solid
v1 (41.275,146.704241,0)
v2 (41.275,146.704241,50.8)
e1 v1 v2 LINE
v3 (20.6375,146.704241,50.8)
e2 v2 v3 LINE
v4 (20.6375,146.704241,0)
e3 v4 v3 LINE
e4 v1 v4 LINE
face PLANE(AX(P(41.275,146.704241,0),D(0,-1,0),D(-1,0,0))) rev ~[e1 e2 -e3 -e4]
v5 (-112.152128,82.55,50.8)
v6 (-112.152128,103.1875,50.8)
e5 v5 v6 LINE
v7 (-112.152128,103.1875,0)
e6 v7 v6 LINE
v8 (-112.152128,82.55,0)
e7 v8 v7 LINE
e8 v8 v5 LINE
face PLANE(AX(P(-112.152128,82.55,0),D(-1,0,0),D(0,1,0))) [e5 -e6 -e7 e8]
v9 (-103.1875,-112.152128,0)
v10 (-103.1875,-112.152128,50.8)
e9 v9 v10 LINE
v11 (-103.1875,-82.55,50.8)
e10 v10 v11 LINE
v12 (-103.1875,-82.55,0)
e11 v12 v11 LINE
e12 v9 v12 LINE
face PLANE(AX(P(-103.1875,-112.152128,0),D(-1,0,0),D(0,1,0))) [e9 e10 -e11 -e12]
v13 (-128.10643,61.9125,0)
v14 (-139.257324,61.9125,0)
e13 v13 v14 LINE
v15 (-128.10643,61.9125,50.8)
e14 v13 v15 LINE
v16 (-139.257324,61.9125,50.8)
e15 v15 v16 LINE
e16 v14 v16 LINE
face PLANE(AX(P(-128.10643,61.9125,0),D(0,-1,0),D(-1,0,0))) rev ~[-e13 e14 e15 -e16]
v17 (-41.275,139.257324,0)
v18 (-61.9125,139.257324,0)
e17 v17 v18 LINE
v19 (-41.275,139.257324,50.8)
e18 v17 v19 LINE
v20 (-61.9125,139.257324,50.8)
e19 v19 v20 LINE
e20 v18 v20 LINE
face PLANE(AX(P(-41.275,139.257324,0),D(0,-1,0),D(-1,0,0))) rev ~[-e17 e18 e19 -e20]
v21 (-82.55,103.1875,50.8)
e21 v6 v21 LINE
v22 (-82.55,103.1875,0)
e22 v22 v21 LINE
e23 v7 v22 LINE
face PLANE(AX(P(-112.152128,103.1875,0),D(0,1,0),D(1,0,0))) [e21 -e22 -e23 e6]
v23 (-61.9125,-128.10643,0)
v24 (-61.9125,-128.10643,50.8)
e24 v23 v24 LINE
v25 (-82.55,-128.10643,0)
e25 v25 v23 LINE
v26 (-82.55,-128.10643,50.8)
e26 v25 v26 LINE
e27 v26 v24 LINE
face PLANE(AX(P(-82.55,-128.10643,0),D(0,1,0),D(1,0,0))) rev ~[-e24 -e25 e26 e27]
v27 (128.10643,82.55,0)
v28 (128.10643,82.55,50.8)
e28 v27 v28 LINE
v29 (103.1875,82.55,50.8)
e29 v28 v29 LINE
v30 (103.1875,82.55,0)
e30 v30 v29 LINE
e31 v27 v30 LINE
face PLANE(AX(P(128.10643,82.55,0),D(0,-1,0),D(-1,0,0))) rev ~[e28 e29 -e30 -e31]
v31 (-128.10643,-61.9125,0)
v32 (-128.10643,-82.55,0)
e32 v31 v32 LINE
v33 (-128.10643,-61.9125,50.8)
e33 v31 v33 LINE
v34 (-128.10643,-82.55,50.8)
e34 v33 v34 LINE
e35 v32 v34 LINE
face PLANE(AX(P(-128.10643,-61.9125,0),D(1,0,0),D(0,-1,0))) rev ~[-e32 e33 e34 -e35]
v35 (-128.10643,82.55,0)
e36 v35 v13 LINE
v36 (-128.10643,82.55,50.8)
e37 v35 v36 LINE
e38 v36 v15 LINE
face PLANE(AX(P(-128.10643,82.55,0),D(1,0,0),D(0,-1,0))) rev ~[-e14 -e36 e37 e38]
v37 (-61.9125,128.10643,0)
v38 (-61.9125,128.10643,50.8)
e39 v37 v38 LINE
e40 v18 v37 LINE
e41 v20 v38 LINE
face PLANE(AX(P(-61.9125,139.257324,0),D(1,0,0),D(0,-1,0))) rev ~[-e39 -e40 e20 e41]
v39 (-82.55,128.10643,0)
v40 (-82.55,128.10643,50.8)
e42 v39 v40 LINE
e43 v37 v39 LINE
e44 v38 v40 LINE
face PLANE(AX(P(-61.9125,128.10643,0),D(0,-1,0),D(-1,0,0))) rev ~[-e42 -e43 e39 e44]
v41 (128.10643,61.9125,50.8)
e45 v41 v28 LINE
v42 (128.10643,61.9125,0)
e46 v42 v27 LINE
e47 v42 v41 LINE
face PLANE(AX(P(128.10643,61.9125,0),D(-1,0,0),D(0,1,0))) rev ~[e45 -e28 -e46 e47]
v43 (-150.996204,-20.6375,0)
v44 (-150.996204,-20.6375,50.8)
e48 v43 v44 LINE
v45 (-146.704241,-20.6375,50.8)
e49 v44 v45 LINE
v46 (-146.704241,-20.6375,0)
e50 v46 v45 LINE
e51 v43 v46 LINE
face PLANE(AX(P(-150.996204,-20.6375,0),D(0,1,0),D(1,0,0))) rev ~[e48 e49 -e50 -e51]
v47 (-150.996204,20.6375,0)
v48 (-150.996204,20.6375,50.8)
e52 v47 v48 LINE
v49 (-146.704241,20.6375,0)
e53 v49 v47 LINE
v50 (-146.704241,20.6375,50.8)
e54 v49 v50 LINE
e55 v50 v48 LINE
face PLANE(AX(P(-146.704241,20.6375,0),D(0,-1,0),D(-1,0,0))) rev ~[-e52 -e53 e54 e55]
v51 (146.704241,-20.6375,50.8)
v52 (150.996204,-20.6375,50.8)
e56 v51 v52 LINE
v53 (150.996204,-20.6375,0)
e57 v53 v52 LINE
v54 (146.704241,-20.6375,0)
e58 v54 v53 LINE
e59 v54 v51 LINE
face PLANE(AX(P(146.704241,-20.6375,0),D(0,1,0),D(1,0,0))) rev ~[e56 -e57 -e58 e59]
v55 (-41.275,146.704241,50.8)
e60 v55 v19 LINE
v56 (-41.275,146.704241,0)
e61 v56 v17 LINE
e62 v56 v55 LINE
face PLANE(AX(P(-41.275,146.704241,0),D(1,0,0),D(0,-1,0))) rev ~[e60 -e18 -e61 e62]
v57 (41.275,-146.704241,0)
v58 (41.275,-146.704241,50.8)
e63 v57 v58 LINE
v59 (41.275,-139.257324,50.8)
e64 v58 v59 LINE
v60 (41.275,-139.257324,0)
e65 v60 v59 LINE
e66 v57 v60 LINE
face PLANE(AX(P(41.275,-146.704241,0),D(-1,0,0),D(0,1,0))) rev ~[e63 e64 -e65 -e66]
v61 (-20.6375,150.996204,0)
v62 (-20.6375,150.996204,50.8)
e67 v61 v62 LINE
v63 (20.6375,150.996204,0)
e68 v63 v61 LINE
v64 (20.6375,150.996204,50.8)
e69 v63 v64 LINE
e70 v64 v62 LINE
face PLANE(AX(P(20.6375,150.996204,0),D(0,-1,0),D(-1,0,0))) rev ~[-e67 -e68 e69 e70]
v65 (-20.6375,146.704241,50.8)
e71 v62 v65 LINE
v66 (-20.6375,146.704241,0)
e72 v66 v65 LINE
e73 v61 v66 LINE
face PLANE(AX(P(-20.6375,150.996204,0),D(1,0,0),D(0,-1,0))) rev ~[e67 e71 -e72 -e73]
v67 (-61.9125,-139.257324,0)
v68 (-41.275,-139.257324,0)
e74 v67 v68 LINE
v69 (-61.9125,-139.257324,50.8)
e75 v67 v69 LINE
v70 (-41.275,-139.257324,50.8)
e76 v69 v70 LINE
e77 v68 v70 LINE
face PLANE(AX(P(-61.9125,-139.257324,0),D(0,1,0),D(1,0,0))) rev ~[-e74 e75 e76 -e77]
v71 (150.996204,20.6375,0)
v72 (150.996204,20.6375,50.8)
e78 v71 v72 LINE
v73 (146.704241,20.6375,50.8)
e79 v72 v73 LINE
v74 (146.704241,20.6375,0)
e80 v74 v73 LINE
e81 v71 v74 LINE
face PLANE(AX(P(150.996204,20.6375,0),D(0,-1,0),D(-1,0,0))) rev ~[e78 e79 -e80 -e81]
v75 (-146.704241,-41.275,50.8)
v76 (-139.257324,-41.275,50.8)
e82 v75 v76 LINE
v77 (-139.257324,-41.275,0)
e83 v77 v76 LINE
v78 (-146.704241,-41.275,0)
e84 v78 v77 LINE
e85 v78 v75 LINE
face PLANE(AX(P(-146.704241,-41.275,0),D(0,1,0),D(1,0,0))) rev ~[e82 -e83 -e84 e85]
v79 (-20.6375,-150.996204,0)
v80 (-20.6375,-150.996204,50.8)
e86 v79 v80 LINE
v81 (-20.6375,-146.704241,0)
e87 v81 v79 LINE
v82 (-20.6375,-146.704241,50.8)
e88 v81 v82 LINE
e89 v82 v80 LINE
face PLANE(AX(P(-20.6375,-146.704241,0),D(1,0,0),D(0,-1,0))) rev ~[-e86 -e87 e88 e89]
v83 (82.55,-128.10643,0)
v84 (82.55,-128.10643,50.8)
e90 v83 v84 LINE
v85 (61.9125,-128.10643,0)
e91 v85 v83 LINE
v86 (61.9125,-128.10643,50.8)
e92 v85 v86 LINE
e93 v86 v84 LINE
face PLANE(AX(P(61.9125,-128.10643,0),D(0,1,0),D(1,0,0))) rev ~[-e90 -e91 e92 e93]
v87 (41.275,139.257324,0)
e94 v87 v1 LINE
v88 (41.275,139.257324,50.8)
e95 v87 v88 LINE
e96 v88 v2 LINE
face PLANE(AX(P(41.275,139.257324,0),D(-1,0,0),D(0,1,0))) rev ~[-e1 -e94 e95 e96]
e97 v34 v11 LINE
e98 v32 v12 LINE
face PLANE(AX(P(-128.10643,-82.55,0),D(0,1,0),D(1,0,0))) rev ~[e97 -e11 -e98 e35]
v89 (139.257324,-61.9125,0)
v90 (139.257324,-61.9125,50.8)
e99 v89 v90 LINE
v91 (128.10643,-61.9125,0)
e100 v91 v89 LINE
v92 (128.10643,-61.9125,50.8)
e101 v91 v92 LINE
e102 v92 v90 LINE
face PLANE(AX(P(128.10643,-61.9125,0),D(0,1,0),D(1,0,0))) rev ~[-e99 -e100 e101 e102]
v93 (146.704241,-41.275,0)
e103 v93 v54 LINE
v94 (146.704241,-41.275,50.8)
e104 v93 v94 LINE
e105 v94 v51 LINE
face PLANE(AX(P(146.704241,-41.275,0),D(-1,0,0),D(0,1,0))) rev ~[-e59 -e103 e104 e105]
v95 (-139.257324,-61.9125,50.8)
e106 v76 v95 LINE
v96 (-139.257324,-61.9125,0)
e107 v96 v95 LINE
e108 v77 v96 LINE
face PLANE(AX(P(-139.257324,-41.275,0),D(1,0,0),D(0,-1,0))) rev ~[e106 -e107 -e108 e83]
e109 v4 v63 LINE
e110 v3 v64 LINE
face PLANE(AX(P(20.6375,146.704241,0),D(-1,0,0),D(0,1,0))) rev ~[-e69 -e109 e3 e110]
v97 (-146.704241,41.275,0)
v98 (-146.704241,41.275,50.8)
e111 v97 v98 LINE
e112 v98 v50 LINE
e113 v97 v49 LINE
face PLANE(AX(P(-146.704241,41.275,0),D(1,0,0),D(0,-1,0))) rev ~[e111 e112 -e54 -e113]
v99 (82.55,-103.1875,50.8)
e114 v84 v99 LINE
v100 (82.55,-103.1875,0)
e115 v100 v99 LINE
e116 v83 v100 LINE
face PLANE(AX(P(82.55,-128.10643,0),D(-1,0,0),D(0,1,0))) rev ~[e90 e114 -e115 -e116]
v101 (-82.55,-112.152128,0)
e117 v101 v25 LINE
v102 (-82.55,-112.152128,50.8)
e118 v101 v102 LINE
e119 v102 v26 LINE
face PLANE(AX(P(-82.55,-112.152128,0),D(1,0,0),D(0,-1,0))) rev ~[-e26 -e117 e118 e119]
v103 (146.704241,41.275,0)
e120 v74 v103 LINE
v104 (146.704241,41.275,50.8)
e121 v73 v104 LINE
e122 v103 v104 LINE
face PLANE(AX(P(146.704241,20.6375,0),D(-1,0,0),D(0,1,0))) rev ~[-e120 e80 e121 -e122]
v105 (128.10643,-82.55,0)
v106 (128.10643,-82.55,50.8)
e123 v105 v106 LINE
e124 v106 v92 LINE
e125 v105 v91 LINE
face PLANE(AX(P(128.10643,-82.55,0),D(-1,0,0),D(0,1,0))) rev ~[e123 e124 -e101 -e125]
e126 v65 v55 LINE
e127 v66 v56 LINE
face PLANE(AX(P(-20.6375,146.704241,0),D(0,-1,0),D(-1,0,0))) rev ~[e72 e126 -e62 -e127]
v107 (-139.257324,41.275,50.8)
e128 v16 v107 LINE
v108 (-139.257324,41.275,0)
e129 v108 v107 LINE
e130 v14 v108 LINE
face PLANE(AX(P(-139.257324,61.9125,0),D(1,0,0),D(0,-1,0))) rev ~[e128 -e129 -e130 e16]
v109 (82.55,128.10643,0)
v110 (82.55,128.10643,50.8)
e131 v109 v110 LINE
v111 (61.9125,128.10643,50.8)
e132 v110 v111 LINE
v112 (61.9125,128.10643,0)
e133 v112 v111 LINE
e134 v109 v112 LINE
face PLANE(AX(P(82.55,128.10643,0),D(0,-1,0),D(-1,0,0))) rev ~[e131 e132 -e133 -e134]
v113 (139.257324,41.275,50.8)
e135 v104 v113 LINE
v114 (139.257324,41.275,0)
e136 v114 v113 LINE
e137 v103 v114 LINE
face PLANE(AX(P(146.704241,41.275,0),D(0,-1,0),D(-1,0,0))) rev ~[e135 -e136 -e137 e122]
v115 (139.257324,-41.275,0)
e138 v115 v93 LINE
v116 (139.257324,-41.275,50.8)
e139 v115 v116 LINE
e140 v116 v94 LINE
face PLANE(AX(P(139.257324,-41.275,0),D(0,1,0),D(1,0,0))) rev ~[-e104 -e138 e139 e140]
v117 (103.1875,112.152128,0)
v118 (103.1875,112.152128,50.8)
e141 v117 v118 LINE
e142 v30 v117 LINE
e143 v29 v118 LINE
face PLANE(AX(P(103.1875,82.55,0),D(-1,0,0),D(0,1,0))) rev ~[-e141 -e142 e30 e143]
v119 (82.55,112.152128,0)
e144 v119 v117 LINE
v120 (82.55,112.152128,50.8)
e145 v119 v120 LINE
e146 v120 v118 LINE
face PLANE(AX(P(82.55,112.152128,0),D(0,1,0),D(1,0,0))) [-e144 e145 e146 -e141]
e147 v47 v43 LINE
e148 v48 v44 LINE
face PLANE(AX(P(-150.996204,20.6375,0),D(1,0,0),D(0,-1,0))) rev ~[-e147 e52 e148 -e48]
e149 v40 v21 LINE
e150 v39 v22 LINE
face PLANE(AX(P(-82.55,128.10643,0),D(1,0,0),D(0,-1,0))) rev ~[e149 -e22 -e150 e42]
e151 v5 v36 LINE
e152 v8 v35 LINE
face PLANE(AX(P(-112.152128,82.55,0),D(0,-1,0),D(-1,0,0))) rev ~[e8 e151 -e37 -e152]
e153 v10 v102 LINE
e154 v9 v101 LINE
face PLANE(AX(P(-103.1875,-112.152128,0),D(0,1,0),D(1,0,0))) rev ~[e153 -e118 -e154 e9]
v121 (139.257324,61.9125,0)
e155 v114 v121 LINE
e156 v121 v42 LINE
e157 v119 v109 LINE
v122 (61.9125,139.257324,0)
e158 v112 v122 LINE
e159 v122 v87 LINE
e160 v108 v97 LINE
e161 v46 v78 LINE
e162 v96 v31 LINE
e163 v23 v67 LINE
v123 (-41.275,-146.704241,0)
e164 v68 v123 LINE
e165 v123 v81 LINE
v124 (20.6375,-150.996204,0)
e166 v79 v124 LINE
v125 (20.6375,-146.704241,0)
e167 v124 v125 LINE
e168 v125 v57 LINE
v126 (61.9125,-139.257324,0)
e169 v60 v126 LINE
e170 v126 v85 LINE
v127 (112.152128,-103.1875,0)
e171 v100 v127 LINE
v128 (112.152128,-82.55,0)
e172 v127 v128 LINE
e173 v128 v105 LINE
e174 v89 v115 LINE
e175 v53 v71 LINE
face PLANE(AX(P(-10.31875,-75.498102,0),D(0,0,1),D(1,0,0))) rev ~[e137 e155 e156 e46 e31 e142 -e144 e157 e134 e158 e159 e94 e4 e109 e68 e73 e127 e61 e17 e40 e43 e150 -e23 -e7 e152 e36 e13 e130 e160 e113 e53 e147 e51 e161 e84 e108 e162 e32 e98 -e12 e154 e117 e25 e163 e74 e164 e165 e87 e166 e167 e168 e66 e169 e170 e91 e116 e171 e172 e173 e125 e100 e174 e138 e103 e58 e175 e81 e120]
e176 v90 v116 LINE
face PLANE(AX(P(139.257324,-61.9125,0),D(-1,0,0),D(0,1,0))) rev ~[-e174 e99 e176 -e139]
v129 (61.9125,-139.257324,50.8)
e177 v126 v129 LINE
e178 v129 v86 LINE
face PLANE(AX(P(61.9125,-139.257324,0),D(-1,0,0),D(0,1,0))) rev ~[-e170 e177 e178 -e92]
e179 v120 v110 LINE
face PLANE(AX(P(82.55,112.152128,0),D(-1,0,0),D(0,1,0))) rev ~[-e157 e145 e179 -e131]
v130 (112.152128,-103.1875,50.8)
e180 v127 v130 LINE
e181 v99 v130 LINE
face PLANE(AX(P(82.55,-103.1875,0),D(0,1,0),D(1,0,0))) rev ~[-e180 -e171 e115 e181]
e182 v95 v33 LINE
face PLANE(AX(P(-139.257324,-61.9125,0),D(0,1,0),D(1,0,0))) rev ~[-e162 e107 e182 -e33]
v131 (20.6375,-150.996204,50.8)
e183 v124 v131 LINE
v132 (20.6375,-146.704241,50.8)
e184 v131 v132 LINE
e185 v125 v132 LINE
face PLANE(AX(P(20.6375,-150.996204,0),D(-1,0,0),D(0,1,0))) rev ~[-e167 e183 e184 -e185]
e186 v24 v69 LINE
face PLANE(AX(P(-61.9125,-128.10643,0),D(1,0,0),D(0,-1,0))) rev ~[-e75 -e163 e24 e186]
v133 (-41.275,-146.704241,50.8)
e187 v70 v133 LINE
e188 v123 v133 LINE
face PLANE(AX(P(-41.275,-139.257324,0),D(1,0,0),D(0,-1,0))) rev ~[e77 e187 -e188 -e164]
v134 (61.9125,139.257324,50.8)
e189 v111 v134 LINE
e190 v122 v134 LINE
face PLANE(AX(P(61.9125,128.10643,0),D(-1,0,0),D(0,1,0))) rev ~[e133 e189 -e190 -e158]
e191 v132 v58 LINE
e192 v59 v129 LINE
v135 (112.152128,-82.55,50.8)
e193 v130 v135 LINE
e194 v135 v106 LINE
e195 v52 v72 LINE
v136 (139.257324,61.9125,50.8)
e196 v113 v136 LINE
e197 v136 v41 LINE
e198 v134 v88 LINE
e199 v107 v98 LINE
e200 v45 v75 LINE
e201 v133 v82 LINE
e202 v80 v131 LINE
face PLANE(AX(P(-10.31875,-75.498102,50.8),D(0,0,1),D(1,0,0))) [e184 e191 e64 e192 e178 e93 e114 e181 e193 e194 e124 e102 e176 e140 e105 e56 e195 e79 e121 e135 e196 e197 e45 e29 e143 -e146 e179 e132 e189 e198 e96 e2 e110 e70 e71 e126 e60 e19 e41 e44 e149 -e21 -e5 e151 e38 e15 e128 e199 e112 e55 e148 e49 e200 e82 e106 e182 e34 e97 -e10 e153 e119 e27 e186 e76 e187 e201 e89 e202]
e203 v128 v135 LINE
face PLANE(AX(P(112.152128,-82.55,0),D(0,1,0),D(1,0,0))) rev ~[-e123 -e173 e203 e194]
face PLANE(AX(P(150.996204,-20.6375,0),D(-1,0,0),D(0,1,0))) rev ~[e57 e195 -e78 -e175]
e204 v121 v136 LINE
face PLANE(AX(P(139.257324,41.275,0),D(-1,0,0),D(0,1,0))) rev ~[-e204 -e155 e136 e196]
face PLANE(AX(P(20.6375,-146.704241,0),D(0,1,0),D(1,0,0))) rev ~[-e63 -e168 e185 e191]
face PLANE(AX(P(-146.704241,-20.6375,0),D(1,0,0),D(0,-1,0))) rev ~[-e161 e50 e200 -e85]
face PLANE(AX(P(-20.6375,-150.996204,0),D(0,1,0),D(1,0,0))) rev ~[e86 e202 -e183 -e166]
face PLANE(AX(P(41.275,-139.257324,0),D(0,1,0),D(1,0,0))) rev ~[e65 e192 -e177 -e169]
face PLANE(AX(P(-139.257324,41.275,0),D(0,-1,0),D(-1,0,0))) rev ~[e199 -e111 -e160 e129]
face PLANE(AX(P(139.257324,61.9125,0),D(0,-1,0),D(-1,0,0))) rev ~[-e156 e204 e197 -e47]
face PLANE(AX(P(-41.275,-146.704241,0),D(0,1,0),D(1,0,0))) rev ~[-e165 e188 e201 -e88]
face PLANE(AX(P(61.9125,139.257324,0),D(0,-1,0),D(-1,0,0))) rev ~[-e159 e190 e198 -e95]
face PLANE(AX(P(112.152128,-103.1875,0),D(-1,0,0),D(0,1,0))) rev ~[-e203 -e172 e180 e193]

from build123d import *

# Parameters (mm, degrees)
F0_W     = 20.6375
F0_H     = 29.602128
F0_W_2   = 29.602128
F0_H_2   = 20.6375
F1_DEPTH = 50.8


with BuildPart() as f1:
    # F0 (on Top) → F1 (new body)
    with BuildSketch(Plane.XY):
        Polygon((0, -20.6375), (0, 0), (-20.6375, 0), (-20.6375, -20.6375), (-20.6375, -146.704241), (-20.6375, -150.996204), (0, -150.996204), align=None)
        Polygon((20.6375, 0), (0, 0), (0, -20.6375), (20.6375, -20.6375), (146.704241, -20.6375), (150.996204, -20.6375), (150.996204, 0), align=None)
        Polygon((0, 20.6375), (0, 0), (20.6375, 0), (20.6375, 20.6375), (20.6375, 146.704241), (20.6375, 150.996204), (0, 150.996204), align=None)
        Polygon((-20.6375, 0), (0, 0), (0, 20.6375), (-20.6375, 20.6375), (-146.704241, 20.6375), (-150.996204, 20.6375), (-150.996204, 0), align=None)
        Polygon((-20.6375, -20.6375), (-20.6375, 0), (-150.996204, 0), (-150.996204, -20.6375), (-146.704241, -20.6375), (-41.275, -20.6375), align=None)
        Polygon((20.6375, -20.6375), (0, -20.6375), (0, -150.996204), (20.6375, -150.996204), (20.6375, -146.704241), (20.6375, -41.275), align=None)
        Polygon((20.6375, 20.6375), (20.6375, 0), (150.996204, 0), (150.996204, 20.6375), (146.704241, 20.6375), (41.275, 20.6375), align=None)
        Polygon((-20.6375, 20.6375), (0, 20.6375), (0, 150.996204), (-20.6375, 150.996204), (-20.6375, 146.704241), (-20.6375, 41.275), align=None)
        Polygon((-20.6375, -146.704241), (-20.6375, -20.6375), (-41.275, -20.6375), (-41.275, -41.275), (-41.275, -139.257324), (-41.275, -146.704241), align=None)
        Polygon((146.704241, -20.6375), (20.6375, -20.6375), (20.6375, -41.275), (41.275, -41.275), (139.257324, -41.275), (146.704241, -41.275), align=None)
        Polygon((20.6375, 146.704241), (20.6375, 20.6375), (41.275, 20.6375), (41.275, 41.275), (41.275, 139.257324), (41.275, 146.704241), align=None)
        Polygon((-146.704241, 20.6375), (-20.6375, 20.6375), (-20.6375, 41.275), (-41.275, 41.275), (-139.257324, 41.275), (-146.704241, 41.275), align=None)
        Polygon((-41.275, -41.275), (-41.275, -20.6375), (-146.704241, -20.6375), (-146.704241, -41.275), (-139.257324, -41.275), (-61.9125, -41.275), align=None)
        Polygon((41.275, -41.275), (20.6375, -41.275), (20.6375, -146.704241), (41.275, -146.704241), (41.275, -139.257324), (41.275, -61.9125), align=None)
        Polygon((41.275, 41.275), (41.275, 20.6375), (146.704241, 20.6375), (146.704241, 41.275), (139.257324, 41.275), (61.9125, 41.275), align=None)
        Polygon((-41.275, 41.275), (-20.6375, 41.275), (-20.6375, 146.704241), (-41.275, 146.704241), (-41.275, 139.257324), (-41.275, 61.9125), align=None)
        Polygon((-41.275, -139.257324), (-41.275, -41.275), (-61.9125, -41.275), (-61.9125, -61.9125), (-61.9125, -128.10643), (-61.9125, -139.257324), align=None)
        Polygon((139.257324, -41.275), (41.275, -41.275), (41.275, -61.9125), (61.9125, -61.9125), (128.10643, -61.9125), (139.257324, -61.9125), align=None)
        Polygon((41.275, 139.257324), (41.275, 41.275), (61.9125, 41.275), (61.9125, 61.9125), (61.9125, 128.10643), (61.9125, 139.257324), align=None)
        Polygon((-139.257324, 41.275), (-41.275, 41.275), (-41.275, 61.9125), (-61.9125, 61.9125), (-128.10643, 61.9125), (-139.257324, 61.9125), align=None)
        Polygon((-61.9125, -61.9125), (-61.9125, -41.275), (-139.257324, -41.275), (-139.257324, -61.9125), (-128.10643, -61.9125), (-82.55, -61.9125), align=None)
        Polygon((61.9125, -61.9125), (41.275, -61.9125), (41.275, -139.257324), (61.9125, -139.257324), (61.9125, -128.10643), (61.9125, -82.55), align=None)
        Polygon((61.9125, 61.9125), (61.9125, 41.275), (139.257324, 41.275), (139.257324, 61.9125), (128.10643, 61.9125), (82.55, 61.9125), align=None)
        Polygon((-61.9125, 61.9125), (-41.275, 61.9125), (-41.275, 139.257324), (-61.9125, 139.257324), (-61.9125, 128.10643), (-61.9125, 82.55), align=None)
        Polygon((-61.9125, -128.10643), (-61.9125, -61.9125), (-82.55, -61.9125), (-82.55, -82.55), (-82.55, -112.152128), (-82.55, -128.10643), align=None)
        Polygon((128.10643, -61.9125), (61.9125, -61.9125), (61.9125, -82.55), (82.55, -82.55), (112.152128, -82.55), (128.10643, -82.55), align=None)
        Polygon((61.9125, 128.10643), (61.9125, 61.9125), (82.55, 61.9125), (82.55, 82.55), (82.55, 112.152128), (82.55, 128.10643), align=None)
        Polygon((-128.10643, 61.9125), (-61.9125, 61.9125), (-61.9125, 82.55), (-82.55, 82.55), (-112.152128, 82.55), (-128.10643, 82.55), align=None)
        Polygon((-82.55, -82.55), (-82.55, -61.9125), (-128.10643, -61.9125), (-128.10643, -82.55), (-103.1875, -82.55), align=None)
        Polygon((82.55, -82.55), (61.9125, -82.55), (61.9125, -128.10643), (82.55, -128.10643), (82.55, -103.1875), align=None)
        Polygon((82.55, 82.55), (82.55, 61.9125), (128.10643, 61.9125), (128.10643, 82.55), (103.1875, 82.55), align=None)
        Polygon((-82.55, 82.55), (-61.9125, 82.55), (-61.9125, 128.10643), (-82.55, 128.10643), (-82.55, 103.1875), align=None)
        with Locations((-92.86875, -97.351064)):
            Rectangle(F0_W, F0_H)
        with Locations((97.351064, -92.86875)):
            Rectangle(F0_W_2, F0_H_2)
        with Locations((92.86875, 97.351064)):
            Rectangle(F0_W, F0_H)
        with Locations((-97.351064, 92.86875)):
            Rectangle(F0_W_2, F0_H_2)
    extrude(amount=F1_DEPTH)


solid = f1.part
